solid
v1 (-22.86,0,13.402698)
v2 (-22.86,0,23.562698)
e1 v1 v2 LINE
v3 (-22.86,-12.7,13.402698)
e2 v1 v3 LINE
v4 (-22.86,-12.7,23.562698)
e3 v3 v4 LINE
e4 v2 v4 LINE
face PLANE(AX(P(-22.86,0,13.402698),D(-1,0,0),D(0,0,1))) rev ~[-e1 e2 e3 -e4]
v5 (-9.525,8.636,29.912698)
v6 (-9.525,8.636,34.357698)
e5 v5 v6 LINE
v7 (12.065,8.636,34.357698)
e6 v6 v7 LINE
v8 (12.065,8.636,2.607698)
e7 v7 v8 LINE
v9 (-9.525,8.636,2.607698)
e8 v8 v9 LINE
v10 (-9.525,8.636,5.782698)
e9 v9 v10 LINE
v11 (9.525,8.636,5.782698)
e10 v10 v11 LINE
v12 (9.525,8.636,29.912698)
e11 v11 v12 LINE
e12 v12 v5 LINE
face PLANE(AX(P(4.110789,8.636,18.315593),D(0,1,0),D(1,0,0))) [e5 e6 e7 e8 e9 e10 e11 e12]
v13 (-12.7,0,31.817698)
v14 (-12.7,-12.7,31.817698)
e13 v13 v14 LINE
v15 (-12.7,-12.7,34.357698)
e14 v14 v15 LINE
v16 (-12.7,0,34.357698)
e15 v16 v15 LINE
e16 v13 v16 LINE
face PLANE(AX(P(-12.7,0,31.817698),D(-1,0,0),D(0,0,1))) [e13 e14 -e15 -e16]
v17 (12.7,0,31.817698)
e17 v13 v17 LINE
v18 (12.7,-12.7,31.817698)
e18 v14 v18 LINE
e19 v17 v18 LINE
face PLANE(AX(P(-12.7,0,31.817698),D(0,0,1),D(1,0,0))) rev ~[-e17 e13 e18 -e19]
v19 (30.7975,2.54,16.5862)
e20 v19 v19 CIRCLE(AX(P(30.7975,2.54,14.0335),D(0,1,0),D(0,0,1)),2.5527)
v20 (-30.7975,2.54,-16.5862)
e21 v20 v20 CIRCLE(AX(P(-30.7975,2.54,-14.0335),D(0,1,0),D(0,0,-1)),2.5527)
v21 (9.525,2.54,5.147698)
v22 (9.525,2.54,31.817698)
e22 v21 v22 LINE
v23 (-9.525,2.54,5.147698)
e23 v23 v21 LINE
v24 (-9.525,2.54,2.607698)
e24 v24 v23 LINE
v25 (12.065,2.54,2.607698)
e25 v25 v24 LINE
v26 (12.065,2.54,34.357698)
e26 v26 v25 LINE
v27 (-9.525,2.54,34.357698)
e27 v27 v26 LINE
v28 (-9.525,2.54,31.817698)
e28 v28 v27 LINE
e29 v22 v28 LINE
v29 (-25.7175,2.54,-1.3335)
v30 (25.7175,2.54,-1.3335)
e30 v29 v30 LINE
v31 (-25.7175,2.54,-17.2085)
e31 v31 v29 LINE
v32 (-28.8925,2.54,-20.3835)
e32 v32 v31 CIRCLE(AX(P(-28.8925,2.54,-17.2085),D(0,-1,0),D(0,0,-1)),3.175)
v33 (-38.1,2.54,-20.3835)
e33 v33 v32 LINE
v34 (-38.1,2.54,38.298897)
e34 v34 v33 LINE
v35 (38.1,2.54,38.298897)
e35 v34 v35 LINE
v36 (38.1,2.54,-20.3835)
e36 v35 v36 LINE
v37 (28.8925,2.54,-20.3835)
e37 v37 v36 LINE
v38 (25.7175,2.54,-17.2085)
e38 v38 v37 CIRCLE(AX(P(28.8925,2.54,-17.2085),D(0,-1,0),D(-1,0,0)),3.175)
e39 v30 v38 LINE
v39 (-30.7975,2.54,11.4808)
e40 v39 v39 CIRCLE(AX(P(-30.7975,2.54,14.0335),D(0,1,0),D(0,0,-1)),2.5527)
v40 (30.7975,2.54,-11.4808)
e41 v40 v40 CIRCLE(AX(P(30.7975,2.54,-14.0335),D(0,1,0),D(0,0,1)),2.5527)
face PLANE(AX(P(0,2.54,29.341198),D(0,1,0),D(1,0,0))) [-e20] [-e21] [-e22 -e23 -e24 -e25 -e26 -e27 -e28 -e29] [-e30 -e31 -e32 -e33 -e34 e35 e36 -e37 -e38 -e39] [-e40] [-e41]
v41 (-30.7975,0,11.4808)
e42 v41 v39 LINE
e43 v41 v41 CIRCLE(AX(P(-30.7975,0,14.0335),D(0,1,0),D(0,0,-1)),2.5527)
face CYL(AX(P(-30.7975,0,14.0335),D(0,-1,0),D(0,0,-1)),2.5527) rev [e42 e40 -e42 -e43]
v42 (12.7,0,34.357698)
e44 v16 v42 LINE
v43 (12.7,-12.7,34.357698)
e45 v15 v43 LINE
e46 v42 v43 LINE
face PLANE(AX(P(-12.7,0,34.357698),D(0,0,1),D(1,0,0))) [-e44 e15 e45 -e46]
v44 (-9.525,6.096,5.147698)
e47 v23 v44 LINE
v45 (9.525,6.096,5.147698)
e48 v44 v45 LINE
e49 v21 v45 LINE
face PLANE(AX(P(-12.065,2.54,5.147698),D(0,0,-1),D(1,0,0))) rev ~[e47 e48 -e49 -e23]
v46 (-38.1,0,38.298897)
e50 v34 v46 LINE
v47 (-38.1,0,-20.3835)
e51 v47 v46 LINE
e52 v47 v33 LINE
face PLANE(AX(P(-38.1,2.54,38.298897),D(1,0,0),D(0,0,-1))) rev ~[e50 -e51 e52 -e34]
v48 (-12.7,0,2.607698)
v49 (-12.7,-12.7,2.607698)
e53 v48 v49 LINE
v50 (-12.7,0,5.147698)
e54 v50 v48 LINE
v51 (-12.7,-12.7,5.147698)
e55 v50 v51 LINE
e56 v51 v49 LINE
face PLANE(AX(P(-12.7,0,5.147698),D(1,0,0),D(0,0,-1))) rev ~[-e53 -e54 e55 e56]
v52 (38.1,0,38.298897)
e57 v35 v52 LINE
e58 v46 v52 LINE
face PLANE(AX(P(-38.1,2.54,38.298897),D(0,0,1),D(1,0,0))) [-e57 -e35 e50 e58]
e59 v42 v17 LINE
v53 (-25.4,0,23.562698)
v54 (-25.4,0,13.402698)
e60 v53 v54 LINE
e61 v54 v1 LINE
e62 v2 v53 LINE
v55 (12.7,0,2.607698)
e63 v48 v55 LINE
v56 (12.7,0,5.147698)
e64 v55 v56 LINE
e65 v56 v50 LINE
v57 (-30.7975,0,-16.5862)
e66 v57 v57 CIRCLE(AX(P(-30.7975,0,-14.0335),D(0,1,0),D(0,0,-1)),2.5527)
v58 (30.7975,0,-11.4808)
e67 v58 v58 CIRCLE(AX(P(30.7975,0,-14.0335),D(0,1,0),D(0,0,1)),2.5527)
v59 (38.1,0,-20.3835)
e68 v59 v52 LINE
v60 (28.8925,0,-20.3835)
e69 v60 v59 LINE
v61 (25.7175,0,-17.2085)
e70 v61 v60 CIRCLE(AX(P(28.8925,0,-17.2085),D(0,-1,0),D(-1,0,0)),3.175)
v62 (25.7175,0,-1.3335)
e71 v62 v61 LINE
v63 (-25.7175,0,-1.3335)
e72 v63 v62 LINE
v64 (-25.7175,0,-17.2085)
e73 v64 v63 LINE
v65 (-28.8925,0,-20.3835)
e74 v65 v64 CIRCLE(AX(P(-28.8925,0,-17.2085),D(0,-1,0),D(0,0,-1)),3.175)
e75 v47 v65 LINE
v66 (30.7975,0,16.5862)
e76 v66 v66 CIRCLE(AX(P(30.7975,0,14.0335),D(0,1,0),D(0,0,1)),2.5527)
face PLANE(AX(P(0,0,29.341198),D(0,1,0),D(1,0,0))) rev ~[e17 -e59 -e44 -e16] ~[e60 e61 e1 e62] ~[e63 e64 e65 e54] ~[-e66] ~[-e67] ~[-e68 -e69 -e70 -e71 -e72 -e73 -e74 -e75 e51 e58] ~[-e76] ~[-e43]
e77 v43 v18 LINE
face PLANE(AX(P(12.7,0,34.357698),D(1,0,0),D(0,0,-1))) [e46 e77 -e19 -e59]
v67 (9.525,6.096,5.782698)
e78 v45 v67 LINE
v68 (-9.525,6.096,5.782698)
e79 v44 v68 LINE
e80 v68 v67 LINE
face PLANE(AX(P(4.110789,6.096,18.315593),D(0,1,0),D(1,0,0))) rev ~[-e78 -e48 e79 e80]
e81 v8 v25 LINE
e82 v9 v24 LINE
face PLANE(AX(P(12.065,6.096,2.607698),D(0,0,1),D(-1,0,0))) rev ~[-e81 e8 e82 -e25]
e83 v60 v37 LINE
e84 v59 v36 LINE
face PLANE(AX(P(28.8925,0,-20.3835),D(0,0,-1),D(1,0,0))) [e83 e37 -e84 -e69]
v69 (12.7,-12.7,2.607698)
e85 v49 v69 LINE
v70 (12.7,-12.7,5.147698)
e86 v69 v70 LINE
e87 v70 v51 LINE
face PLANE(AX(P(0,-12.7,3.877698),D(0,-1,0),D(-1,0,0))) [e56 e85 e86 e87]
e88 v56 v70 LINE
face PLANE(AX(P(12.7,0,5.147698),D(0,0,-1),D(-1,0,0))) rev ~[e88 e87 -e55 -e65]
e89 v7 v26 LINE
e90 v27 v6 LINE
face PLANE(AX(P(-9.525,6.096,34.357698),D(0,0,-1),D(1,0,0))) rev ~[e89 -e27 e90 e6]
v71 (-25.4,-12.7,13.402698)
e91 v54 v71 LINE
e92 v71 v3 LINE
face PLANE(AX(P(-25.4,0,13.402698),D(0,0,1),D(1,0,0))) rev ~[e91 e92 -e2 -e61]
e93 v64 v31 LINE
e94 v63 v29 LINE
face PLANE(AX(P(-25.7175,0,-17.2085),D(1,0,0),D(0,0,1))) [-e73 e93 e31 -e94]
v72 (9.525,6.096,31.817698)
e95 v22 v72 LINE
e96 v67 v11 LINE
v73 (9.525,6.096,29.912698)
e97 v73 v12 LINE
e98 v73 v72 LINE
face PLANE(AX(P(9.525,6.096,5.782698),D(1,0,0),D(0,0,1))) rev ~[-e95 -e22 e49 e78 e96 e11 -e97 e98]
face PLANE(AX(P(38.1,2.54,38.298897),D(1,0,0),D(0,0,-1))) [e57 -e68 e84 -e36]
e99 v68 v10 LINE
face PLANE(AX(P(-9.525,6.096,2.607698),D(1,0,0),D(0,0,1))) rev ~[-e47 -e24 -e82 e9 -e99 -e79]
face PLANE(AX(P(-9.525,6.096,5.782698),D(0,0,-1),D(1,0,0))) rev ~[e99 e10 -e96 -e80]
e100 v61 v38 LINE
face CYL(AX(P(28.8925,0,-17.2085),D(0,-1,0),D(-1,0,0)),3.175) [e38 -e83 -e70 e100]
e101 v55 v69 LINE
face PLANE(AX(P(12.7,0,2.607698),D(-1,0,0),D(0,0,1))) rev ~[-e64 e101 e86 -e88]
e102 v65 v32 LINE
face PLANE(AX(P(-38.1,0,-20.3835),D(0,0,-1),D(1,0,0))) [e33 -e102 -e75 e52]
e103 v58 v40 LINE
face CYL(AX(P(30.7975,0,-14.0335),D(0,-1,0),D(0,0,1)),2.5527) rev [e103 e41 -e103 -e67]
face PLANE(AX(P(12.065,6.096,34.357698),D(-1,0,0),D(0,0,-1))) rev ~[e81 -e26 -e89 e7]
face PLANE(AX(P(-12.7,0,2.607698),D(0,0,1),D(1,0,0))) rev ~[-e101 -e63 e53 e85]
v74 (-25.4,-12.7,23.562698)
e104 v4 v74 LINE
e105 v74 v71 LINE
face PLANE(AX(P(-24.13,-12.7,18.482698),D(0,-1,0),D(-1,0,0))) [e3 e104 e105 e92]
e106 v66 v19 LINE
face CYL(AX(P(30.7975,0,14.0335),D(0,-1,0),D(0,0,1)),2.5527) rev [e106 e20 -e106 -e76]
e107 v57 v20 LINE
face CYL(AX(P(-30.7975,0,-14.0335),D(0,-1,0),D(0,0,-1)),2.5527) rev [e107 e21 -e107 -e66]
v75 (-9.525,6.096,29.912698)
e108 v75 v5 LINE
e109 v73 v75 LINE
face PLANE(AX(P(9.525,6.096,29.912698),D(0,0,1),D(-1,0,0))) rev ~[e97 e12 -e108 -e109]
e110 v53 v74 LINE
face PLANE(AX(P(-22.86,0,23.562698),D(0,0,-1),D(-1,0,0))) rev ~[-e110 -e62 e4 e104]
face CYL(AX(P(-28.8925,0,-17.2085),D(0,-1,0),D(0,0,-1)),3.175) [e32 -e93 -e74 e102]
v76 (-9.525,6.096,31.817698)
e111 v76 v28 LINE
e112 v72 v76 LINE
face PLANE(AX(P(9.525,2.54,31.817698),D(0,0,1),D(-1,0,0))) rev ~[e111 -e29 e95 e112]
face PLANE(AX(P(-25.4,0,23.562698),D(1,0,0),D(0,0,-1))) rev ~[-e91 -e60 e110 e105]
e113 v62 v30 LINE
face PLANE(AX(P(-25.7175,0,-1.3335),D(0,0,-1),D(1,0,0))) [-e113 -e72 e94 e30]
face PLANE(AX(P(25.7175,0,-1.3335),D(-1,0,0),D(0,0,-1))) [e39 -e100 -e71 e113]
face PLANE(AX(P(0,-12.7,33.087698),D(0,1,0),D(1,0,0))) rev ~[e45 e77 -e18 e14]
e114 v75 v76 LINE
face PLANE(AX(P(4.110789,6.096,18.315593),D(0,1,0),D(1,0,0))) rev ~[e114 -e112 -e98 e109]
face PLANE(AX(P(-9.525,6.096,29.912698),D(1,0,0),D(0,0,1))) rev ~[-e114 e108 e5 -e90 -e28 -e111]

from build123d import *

# Parameters (mm, degrees)
SKETCH1_R           = 2.5527
BOSS_EXTRUDE1_DEPTH = 2.54
SKETCH7_W           = 76.2
SKETCH7_H           = 17.915396906
BOSS_EXTRUDE5_DEPTH = 2.54
BOSS_EXTRUDE2_DEPTH = 3.556
SKETCH4_W           = 31.75
SKETCH4_H           = 3.556
CUT_EXTRUDE1_DEPTH  = 2.54
BOSS_EXTRUDE3_DEPTH = 2.54
BOSS_EXTRUDE4_DEPTH = 12.7


with BuildPart() as part:
    # Sketch1 → Boss-Extrude1 (new body)
    with BuildSketch(Plane(origin=(0, 0, 0), x_dir=(1, 0, 0), z_dir=(0, 1, 0))):
        with BuildLine():
            Line((38.1, -20.3835), (-38.1, -20.3835))
            Line((-38.1, -20.3835), (-38.1, 20.3835))
            Line((-38.1, 20.3835), (-28.8925, 20.3835))
            ThreePointArc((-28.8925, 20.3835), (-26.64743597, 19.45356403), (-25.7175, 17.2085))
            Line((-25.7175, 17.2085), (-25.7175, 1.3335))
            Line((-25.7175, 1.3335), (25.7175, 1.3335))
            Line((25.7175, 1.3335), (25.7175, 17.2085))
            ThreePointArc((25.7175, 17.2085), (26.64743597, 19.45356403), (28.8925, 20.3835))
            Line((28.8925, 20.3835), (38.1, 20.3835))
            Line((38.1, 20.3835), (38.1, -20.3835))
        make_face()
        with Locations(Location((30.7975, -14.0335, 0), (0, 0, 270))):
            Circle(SKETCH1_R, mode=Mode.SUBTRACT)
        with Locations(Location((30.7975, 14.0335, 0), (0, 0, 270))):
            Circle(SKETCH1_R, mode=Mode.SUBTRACT)
        with Locations(Location((-30.7975, -14.0335, 0), (0, 0, 90))):
            Circle(SKETCH1_R, mode=Mode.SUBTRACT)
        with Locations(Location((-30.7975, 14.0335, 0), (0, 0, 90))):
            Circle(SKETCH1_R, mode=Mode.SUBTRACT)
    extrude(amount=BOSS_EXTRUDE1_DEPTH)

    # Sketch7 → Boss-Extrude5 (add)
    with BuildSketch(Plane(origin=(0, 2.54, 0), x_dir=(1, 0, 0), z_dir=(0, 1, 0))):
        with Locations((0, -29.341198453)):
            Rectangle(SKETCH7_W, SKETCH7_H)
    extrude(amount=-BOSS_EXTRUDE5_DEPTH)

    # Sketch3 → Boss-Extrude2 (add)
    with BuildSketch(Plane(origin=(0, 2.54, 0), x_dir=(1, 0, 0), z_dir=(0, 1, 0))):
        Polygon((-12.065, -2.607698453), (-12.065, -5.147698453), (-9.525, -5.147698453), (9.525, -5.147698453), (9.525, -31.817698453), (-9.525, -31.817698453), (-12.065, -31.817698453), (-12.065, -34.357698453), (12.065, -34.357698453), (12.065, -2.607698453), align=None)
    extrude(amount=BOSS_EXTRUDE2_DEPTH)

    # Sketch4 → Cut-Extrude1 (cut)
    with BuildSketch(Plane.ZY.offset(12.065)):
        with Locations((18.482698453, 4.318)):
            Rectangle(SKETCH4_W, SKETCH4_H)
    extrude(amount=-CUT_EXTRUDE1_DEPTH, mode=Mode.SUBTRACT)

    # Sketch5 → Boss-Extrude3 (add)
    with BuildSketch(Plane(origin=(0, 6.096, 0), x_dir=(1, 0, 0), z_dir=(0, 1, 0))):
        Polygon((-9.525, -2.607698453), (-9.525, -5.782698453), (9.525, -5.782698453), (9.525, -29.912698453), (-9.525, -29.912698453), (-9.525, -34.357698453), (12.065, -34.357698453), (12.065, -2.607698453), align=None)
    extrude(amount=BOSS_EXTRUDE3_DEPTH)

    # Sketch6 → Boss-Extrude4 (add)
    with BuildSketch(Plane(origin=(0, 0, 0), x_dir=(-1, 0, 0), z_dir=(0, -1, 0))):
        Polygon((22.86, -13.402698453), (22.86, -18.482698453), (22.86, -23.562698453), (25.4, -23.562698453), (25.4, -13.402698453), align=None)
        Polygon((-12.7, -2.607698453), (-12.7, -5.147698453), (0, -5.147698453), (12.7, -5.147698453), (12.7, -2.607698453), align=None)
        Polygon((-12.7, -31.817698453), (0, -31.817698453), (12.7, -31.817698453), (12.7, -34.357698453), (-12.7, -34.357698453), align=None)
    extrude(amount=BOSS_EXTRUDE4_DEPTH)


solid = part.part
